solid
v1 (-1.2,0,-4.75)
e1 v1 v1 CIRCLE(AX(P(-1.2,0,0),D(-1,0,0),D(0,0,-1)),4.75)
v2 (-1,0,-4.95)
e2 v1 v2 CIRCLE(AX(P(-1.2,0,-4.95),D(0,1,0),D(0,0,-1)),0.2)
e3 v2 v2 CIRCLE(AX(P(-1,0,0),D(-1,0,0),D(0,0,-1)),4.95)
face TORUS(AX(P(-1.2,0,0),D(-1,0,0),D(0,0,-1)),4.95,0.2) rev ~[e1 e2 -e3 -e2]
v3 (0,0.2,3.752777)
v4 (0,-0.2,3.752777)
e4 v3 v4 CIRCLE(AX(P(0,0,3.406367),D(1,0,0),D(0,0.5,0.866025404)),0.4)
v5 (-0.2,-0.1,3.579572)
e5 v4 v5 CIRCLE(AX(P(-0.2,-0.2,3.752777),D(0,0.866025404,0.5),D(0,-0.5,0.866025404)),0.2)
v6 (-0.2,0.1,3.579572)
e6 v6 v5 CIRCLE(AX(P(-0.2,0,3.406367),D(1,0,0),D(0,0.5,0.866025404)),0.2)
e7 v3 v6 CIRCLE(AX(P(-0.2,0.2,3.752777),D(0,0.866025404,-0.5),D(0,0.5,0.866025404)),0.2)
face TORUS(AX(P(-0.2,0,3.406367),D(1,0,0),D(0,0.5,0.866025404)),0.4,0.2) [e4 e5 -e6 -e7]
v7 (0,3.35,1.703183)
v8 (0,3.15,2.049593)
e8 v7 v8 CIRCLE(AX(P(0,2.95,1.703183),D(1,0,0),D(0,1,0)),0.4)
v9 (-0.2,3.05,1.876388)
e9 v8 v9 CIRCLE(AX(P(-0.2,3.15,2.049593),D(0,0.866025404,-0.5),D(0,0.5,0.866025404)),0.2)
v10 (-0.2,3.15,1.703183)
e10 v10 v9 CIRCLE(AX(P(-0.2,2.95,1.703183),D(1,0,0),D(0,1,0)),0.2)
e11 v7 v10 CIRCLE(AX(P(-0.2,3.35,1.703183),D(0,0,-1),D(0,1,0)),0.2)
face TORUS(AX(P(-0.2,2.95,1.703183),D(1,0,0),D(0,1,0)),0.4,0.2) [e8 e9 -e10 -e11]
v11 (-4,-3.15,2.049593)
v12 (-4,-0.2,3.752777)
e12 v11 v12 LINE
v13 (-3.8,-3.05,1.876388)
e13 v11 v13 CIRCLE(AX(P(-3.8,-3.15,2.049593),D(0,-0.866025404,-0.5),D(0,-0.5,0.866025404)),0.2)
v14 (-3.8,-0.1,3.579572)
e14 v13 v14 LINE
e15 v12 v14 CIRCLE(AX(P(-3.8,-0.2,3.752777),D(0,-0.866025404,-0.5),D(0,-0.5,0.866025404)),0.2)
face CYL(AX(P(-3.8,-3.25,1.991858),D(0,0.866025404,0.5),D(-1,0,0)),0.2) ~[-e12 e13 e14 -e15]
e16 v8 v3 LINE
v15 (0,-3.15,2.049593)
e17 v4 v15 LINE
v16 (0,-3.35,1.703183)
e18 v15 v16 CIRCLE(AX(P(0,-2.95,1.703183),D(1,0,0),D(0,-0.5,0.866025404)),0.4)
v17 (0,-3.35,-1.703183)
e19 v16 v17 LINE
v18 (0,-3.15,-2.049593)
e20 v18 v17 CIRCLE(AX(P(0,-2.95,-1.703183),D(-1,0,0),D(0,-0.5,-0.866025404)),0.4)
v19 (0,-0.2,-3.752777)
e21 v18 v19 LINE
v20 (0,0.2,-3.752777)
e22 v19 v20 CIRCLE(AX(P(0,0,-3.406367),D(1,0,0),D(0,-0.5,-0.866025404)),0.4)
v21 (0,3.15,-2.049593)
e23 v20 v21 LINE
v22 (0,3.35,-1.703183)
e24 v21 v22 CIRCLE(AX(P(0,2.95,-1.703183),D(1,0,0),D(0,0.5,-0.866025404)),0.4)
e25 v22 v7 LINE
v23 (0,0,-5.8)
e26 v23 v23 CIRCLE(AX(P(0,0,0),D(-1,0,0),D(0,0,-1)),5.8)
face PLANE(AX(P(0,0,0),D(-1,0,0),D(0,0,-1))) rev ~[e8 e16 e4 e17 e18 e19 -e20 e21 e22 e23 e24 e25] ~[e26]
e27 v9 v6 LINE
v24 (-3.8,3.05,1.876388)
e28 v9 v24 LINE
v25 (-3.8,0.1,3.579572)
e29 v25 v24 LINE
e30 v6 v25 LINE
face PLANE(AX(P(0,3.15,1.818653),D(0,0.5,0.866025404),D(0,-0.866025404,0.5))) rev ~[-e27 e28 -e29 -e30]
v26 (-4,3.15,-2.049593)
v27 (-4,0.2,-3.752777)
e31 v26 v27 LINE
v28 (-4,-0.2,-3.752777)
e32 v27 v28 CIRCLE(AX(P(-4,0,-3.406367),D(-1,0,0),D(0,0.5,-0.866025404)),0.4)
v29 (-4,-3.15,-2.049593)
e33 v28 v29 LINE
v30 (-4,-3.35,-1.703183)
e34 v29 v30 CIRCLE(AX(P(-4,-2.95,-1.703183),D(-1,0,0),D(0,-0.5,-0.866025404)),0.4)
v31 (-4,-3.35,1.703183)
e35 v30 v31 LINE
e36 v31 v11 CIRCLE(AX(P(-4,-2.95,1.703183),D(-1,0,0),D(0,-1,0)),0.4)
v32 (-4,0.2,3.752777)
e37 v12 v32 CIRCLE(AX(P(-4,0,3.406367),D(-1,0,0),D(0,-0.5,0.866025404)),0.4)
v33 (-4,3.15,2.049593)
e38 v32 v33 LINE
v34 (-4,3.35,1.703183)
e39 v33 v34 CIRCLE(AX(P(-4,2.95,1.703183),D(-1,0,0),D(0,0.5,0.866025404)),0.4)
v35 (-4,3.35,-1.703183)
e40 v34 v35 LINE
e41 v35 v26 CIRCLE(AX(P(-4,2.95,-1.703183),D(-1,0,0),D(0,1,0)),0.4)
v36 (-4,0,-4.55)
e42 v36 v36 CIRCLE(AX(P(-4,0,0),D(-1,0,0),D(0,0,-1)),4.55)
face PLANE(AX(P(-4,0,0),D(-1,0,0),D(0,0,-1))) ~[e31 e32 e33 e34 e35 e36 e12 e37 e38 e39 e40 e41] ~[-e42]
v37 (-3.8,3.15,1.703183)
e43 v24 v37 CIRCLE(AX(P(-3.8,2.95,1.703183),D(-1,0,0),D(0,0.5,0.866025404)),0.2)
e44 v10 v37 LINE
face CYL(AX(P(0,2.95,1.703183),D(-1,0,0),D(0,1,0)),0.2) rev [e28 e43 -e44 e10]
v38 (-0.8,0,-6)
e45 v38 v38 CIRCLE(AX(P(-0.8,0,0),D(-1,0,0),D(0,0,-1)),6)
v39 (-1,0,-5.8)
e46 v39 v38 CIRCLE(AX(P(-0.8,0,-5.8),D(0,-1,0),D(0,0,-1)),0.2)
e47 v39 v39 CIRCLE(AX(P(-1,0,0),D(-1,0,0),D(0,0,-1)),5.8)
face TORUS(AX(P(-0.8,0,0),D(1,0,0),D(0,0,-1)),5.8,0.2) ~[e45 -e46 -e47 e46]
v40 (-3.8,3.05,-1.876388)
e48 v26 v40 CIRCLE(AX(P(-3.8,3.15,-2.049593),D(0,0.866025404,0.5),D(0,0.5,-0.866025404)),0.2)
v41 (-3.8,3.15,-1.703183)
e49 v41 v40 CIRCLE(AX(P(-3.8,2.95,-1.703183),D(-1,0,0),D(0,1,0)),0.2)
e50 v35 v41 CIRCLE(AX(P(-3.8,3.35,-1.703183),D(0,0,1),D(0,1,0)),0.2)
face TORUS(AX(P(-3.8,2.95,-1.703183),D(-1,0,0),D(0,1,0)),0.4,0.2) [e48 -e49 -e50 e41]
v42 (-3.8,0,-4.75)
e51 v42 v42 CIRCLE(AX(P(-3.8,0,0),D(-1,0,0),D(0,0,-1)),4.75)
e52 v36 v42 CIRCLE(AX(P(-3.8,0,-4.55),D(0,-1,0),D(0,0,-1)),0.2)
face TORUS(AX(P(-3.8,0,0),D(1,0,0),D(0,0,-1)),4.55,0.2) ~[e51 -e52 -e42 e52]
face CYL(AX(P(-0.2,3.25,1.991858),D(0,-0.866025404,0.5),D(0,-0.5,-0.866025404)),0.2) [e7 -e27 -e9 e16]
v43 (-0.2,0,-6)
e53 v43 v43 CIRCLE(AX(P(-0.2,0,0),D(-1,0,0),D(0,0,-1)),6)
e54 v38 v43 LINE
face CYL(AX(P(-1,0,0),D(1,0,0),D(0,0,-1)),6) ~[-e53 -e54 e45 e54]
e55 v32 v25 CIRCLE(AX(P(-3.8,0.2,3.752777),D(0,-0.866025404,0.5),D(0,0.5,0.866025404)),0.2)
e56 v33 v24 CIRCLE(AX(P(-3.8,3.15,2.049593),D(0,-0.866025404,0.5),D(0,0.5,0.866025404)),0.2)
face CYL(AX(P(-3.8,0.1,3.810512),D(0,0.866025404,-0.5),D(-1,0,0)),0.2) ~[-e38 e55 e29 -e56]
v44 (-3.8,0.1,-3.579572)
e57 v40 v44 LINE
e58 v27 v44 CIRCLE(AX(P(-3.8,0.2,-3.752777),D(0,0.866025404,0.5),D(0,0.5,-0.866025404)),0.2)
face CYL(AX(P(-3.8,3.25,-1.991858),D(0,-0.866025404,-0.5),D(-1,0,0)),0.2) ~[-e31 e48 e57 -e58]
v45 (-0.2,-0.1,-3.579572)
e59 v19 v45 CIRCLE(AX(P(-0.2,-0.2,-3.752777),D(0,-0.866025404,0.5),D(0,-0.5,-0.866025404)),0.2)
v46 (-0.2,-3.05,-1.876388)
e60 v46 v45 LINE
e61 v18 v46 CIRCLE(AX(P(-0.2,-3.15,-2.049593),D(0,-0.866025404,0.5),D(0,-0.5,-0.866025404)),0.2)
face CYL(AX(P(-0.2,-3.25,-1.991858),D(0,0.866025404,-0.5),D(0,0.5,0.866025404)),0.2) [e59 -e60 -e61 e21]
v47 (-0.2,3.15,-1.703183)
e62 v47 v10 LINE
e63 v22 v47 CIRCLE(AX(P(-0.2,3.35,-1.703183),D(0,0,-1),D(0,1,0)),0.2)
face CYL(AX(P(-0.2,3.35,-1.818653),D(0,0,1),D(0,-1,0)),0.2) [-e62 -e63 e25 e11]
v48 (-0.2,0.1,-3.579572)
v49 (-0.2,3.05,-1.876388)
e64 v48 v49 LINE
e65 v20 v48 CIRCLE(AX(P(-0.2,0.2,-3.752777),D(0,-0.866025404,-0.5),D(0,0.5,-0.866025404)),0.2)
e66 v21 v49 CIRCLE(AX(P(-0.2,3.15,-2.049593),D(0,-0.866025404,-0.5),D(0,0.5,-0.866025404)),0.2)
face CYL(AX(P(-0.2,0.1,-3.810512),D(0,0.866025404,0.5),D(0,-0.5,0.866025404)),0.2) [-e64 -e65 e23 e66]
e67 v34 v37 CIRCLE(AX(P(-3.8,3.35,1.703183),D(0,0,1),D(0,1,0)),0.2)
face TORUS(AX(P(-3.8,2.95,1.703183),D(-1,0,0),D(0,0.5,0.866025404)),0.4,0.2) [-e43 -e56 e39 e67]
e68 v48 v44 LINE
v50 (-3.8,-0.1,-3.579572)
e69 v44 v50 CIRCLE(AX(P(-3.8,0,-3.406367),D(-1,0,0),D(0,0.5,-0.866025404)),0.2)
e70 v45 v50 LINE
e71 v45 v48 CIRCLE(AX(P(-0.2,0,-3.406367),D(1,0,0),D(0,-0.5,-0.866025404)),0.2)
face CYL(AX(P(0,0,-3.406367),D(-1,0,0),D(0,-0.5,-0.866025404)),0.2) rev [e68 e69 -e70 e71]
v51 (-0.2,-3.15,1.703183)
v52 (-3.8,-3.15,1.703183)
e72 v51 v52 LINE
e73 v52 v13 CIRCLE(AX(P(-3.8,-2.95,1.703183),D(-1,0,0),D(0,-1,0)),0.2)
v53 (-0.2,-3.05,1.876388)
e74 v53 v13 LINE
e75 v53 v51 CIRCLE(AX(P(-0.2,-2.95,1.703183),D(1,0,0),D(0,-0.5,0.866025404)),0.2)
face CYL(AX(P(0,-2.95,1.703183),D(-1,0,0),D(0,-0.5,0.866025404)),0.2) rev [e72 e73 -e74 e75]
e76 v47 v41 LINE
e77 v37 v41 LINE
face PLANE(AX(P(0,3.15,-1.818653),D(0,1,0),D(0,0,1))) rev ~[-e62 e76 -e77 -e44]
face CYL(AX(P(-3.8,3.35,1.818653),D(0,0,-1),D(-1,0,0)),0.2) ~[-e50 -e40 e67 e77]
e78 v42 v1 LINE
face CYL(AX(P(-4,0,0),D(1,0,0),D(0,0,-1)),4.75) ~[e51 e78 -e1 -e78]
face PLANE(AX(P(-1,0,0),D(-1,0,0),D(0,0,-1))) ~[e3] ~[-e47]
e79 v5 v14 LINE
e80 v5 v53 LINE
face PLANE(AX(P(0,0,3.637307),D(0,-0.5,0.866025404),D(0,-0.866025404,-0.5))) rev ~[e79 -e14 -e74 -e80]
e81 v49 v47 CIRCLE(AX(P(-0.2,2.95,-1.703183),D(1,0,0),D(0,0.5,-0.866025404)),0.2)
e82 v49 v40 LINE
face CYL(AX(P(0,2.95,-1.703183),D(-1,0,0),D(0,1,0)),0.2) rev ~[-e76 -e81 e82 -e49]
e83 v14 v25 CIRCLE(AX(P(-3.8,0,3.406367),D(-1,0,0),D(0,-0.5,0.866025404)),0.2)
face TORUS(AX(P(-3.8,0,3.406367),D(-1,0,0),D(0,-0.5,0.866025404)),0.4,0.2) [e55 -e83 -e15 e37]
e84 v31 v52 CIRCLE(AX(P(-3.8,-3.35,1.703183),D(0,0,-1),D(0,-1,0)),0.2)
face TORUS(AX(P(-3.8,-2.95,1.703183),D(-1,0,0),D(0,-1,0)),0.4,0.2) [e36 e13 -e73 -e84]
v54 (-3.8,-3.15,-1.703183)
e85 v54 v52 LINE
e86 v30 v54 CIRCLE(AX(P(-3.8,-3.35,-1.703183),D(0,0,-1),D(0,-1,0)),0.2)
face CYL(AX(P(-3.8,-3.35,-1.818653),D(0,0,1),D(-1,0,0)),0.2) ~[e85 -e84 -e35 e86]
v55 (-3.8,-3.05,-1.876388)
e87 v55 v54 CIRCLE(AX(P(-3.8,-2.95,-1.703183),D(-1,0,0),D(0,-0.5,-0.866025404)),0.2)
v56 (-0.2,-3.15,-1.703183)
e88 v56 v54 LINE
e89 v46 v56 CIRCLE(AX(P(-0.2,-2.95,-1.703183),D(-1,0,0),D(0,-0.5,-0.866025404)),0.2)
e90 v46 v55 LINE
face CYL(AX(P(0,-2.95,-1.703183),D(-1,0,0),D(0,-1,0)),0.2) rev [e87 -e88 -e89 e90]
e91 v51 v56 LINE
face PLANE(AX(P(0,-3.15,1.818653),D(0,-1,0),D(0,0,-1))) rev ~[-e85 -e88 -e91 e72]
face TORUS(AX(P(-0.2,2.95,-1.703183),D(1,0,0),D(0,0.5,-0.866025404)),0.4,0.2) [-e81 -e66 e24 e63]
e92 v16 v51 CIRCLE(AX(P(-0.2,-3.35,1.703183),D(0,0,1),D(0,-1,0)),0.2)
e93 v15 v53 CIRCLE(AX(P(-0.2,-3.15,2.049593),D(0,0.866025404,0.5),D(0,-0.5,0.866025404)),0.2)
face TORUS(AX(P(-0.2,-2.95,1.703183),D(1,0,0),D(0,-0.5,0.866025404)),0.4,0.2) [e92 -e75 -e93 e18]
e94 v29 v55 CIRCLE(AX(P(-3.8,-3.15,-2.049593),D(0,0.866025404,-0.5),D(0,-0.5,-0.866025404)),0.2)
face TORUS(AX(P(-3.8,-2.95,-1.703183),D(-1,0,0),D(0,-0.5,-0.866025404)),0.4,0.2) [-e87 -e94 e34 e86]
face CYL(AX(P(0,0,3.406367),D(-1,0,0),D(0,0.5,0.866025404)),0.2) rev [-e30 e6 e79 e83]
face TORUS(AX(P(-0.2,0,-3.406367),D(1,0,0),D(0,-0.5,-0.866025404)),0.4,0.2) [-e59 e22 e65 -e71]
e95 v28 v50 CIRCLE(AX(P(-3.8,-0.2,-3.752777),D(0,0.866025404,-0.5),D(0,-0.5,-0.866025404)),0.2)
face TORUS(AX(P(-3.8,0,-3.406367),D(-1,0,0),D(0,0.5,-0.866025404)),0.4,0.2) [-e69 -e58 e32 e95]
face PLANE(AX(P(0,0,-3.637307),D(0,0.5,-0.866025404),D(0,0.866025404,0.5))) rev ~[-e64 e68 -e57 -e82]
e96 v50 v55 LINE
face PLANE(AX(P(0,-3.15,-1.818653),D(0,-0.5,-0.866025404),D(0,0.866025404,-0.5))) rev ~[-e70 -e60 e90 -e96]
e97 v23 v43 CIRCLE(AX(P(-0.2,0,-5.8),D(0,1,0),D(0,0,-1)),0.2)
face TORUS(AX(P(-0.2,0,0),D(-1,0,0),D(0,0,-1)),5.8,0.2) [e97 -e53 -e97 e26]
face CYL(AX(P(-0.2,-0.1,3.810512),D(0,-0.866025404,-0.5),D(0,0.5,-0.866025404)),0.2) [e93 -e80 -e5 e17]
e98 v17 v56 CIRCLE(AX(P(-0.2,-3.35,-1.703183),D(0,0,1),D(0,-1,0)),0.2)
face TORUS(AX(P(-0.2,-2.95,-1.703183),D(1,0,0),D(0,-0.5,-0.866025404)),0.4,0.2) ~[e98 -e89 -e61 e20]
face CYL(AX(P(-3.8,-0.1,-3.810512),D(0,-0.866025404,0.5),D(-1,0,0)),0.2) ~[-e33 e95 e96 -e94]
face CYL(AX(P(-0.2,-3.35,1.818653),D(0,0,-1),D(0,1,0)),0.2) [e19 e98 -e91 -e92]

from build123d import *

# Parameters (mm, degrees)
CUT_EXTRUDE1_REACH = 11.381
FILLET1_R          = 0.2


with BuildPart() as part:
    # Sketch1 → Revolve1 (revolve)
    with BuildSketch(Plane.XY, mode=Mode.PRIVATE) as revolve1_sk:
        Polygon((-4, 0), (-4, 4.75), (-1, 4.75), (-1, 6), (0, 6), (0, 0), align=None)
    revolve(revolve1_sk.sketch.rotate(Axis((0, 0, 0), (-1, 0, 0)), 90), axis=Axis((0, 0, 0), (-1, 0, 0)))

    # Sketch2 → Cut-Extrude1 (cut, up to next)
    with BuildSketch(Plane(origin=(0, 0, 0), x_dir=(0, 0, -1), z_dir=(1, 0, 0)), mode=Mode.PRIVATE) as cut_extrude1_sk1:
        Polygon((3.637306696, 0), (1.818653348, 3.15), (-1.818653348, 3.15), (-3.637306696, 0), (-1.818653348, -3.15), (1.818653348, -3.15), align=None)
    cut_extrude1_tool1 = extrude(cut_extrude1_sk1.sketch, amount=-CUT_EXTRUDE1_REACH, mode=Mode.PRIVATE) & part.part
    add(cut_extrude1_tool1.solids().sort_by_distance((0, 0, 0))[0], mode=Mode.SUBTRACT)

    # Fillet1
    fillet1_edges = [part.edges().sort_by_distance(p)[0] for p in [
        (-4, -1.575, -2.727980022),
        (-2, 0, -3.637306696),
        (-4, -3.15, 0),
        (-2, -3.15, -1.818653348),
        (-4, -1.575, 2.727980022),
        (-2, -3.15, 1.818653348),
        (-4, 1.575, 2.727980022),
        (-2, 0, 3.637306696),
        (-4, 3.15, 0),
        (-2, 3.15, 1.818653348),
        (-4, 1.575, -2.727980022),
        (-2, 3.15, -1.818653348),
        (0, -1.575, -2.727980022),
        (0, 1.575, -2.727980022),
        (0, 3.15, 0),
        (0, 1.575, 2.727980022),
        (0, -1.575, 2.727980022),
        (0, -3.15, 0),
        (0, 0, 6),
        (-1, 0, 6),
        (-1, 0, 4.75),
        (-4, 0, 4.75),
    ]]
    fillet(fillet1_edges, radius=FILLET1_R)


solid = part.part
